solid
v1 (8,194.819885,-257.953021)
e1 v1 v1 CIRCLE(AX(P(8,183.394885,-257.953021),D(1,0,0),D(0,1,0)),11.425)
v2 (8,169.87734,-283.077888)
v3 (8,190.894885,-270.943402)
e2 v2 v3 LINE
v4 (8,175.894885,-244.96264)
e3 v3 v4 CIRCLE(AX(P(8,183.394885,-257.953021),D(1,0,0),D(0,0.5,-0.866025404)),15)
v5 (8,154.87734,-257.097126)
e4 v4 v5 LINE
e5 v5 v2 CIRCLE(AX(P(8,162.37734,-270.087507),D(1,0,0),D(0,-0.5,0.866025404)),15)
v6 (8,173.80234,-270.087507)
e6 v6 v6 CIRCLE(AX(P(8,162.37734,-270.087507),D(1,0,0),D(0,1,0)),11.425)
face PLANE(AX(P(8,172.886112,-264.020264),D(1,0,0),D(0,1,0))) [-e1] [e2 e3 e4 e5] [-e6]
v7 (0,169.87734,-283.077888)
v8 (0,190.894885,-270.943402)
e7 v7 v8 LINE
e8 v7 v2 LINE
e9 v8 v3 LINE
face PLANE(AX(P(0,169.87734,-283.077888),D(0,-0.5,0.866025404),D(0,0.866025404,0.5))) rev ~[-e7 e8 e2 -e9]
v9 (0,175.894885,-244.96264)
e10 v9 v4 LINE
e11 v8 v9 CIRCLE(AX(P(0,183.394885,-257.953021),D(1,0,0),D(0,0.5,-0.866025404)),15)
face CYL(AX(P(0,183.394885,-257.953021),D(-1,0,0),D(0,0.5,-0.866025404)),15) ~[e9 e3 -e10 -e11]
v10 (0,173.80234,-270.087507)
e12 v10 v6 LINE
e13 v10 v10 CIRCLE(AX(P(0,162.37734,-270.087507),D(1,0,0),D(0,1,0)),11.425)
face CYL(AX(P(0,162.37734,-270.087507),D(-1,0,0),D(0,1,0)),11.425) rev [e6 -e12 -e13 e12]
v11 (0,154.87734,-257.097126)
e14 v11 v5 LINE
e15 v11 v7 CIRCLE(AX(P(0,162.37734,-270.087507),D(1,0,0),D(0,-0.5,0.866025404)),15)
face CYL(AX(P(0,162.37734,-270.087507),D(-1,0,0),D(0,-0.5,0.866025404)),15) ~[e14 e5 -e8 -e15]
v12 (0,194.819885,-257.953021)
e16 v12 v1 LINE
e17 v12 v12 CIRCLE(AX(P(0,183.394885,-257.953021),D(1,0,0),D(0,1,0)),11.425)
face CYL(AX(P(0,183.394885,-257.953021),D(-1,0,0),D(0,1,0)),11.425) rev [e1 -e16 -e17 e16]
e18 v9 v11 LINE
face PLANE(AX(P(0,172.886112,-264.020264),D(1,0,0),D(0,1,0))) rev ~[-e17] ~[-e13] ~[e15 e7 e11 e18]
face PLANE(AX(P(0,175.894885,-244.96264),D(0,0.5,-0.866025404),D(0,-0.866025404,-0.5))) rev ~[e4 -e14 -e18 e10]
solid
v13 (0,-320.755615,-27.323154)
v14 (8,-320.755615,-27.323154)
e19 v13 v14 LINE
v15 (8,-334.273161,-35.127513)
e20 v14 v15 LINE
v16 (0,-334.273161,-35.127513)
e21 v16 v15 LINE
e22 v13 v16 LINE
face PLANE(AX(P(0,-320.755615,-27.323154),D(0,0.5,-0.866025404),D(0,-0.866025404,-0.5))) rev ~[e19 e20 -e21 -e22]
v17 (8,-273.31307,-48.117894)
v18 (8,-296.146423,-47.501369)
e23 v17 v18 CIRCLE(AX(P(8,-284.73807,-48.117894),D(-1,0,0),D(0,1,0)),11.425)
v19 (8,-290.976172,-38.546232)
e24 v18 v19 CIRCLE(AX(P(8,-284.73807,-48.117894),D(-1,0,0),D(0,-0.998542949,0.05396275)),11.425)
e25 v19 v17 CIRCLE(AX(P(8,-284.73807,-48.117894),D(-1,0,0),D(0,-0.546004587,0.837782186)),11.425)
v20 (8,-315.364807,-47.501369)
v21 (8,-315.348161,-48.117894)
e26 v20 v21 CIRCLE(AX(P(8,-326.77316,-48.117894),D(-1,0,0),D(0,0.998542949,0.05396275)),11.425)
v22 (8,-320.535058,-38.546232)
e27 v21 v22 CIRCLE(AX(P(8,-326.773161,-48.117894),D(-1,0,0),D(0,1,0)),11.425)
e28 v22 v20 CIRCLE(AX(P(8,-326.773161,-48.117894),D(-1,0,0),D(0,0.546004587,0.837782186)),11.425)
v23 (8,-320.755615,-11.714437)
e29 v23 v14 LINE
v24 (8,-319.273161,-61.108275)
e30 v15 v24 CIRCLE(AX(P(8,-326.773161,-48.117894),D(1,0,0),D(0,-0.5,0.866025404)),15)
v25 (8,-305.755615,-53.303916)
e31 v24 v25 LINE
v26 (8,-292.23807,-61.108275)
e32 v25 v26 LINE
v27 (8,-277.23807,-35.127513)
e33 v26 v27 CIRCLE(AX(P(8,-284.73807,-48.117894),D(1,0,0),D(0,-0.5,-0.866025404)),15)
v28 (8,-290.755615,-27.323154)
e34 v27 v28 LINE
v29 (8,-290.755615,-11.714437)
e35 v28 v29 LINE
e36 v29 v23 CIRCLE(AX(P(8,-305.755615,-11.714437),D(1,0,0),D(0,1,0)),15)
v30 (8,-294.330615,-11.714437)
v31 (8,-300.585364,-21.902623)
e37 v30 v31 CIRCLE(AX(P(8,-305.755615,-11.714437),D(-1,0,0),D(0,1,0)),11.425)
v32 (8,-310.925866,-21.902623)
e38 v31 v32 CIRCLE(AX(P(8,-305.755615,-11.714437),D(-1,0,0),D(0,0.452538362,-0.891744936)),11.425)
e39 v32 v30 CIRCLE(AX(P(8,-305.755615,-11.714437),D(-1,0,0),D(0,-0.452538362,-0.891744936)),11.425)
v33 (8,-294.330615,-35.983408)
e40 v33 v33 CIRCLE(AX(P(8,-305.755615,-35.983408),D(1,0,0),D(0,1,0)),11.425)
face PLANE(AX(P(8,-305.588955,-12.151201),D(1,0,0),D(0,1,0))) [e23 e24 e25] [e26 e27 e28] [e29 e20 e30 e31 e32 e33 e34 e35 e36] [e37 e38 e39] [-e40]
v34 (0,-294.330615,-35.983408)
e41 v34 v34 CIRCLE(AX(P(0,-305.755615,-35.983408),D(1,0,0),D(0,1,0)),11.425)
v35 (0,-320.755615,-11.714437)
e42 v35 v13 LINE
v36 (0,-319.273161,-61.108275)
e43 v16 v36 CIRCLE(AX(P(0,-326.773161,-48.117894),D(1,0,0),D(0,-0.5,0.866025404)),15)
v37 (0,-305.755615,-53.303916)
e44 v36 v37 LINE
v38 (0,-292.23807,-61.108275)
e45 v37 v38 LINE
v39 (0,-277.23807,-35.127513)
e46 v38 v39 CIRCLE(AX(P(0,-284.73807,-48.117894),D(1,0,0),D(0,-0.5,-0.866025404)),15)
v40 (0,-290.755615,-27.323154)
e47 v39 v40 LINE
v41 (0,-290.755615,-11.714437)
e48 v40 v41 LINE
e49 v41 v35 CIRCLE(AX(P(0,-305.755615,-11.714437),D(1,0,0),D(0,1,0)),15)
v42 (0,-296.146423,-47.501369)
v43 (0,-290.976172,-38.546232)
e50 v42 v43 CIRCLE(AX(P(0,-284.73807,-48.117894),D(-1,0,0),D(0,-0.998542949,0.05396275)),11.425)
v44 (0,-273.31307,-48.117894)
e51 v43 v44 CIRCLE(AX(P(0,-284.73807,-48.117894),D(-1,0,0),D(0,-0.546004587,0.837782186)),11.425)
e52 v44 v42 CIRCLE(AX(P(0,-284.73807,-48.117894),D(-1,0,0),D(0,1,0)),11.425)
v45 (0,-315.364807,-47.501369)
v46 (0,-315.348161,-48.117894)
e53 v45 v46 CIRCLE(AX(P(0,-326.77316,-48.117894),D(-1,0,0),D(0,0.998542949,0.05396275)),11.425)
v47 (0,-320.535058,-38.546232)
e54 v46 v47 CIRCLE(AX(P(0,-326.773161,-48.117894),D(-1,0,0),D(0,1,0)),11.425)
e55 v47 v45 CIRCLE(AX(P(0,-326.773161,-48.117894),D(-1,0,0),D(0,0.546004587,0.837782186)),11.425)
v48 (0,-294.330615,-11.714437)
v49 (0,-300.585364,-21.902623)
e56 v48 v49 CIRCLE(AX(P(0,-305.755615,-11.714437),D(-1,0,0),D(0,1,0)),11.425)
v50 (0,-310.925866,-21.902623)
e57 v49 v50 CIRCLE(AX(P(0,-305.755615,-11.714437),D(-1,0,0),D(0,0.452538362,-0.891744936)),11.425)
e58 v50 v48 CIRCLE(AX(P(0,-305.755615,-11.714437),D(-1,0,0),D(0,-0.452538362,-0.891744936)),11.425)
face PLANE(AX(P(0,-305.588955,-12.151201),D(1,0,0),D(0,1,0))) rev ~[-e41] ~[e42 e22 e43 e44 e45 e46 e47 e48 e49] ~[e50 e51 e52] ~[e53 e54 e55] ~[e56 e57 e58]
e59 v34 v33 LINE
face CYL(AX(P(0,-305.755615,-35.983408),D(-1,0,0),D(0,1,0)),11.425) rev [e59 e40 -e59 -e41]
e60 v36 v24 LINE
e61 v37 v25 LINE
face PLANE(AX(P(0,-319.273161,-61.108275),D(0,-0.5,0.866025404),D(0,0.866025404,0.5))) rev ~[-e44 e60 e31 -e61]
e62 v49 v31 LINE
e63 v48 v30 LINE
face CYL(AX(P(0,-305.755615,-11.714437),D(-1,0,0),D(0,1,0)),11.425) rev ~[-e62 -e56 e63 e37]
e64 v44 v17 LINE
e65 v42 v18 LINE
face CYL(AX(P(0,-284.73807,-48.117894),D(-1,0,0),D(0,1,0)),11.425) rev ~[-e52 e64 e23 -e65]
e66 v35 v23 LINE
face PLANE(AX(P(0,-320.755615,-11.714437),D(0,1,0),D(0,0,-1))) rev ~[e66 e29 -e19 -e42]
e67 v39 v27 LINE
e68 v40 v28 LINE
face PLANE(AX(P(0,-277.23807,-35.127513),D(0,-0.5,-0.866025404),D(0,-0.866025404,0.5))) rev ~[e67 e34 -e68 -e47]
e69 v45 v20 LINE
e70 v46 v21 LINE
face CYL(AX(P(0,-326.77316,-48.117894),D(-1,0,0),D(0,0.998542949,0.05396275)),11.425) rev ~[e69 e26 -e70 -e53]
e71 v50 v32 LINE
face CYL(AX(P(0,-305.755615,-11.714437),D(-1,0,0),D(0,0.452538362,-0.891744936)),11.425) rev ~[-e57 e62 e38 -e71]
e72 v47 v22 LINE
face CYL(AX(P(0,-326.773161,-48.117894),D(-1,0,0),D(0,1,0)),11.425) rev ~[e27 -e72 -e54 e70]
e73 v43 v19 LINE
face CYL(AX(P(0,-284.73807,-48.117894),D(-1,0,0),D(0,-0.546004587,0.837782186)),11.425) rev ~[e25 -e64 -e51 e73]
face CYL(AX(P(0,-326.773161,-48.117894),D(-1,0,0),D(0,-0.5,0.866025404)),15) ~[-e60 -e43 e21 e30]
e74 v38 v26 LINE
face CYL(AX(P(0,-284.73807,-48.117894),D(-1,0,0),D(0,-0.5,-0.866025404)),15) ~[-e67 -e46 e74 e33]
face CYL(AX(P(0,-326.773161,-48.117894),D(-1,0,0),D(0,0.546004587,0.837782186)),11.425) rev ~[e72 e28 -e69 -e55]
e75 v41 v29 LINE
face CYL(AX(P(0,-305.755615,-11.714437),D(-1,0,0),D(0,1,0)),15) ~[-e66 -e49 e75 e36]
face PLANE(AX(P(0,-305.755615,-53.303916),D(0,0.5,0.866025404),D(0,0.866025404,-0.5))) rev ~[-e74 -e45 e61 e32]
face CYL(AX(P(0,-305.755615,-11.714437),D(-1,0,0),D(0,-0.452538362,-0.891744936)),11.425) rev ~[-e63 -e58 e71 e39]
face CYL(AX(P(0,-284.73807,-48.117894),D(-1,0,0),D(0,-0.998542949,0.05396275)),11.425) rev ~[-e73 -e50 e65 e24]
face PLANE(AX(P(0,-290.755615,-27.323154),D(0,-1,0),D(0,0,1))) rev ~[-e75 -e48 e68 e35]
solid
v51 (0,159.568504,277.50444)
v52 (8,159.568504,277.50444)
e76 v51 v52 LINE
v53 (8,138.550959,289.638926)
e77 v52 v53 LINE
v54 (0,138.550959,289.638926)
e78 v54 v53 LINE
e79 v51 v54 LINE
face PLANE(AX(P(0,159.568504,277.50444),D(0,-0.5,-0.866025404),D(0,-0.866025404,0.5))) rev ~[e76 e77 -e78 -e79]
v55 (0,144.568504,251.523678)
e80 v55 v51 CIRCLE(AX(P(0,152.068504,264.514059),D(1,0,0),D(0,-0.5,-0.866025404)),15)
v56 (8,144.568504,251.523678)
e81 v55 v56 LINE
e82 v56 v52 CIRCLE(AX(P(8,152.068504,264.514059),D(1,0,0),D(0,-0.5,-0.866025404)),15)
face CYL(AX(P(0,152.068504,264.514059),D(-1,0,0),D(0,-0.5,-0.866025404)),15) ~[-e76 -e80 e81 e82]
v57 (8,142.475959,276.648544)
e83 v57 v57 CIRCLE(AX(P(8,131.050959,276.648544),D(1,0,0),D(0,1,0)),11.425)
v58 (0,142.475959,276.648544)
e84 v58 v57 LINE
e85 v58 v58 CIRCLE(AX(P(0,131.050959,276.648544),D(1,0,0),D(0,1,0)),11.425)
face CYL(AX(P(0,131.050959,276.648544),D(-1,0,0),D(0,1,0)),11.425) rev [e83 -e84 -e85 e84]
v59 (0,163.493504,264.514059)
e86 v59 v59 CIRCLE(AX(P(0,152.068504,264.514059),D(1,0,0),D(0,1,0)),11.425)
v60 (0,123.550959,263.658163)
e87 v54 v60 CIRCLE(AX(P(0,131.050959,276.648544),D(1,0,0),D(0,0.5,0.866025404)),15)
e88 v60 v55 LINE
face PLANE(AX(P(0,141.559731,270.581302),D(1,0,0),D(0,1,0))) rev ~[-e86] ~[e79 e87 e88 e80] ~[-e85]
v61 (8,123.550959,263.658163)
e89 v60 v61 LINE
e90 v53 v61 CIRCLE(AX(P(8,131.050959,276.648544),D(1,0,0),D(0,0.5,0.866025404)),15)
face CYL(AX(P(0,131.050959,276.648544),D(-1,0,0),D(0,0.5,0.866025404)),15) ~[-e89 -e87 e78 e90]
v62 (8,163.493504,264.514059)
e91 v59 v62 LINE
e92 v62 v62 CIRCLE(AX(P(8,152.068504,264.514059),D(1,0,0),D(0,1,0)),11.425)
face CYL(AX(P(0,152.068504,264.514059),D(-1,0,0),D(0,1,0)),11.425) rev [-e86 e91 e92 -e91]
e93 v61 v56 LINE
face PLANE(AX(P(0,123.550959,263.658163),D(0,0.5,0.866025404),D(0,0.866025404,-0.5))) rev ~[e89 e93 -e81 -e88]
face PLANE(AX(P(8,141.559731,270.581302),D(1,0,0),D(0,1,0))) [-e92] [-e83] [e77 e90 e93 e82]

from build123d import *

# Parameters (mm, degrees)
F0_R     = 11.425
F1_DEPTH = 8


with BuildPart() as f1:
    # F0 (on Right) → F1 (new body)
    with BuildSketch(Plane.YZ):
        with BuildLine():
            ThreePointArc((-310.9258660243, -21.9026233512), (-311.7330942065, -1.9778892959), (-294.3306152344, -11.7144374592))
            ThreePointArc((-294.3306152344, -11.7144374592), (-296.019067071, -17.6919164314), (-300.5853644445, -21.9026233512))
            ThreePointArc((-300.5853644445, -21.9026233512), (-299.3970730296, -22.3977931463), (-298.2556152344, -22.9930273141))
            Line((-298.2556152344, -22.9930273141), (-290.7556152344, -27.323154333))
            Line((-290.7556152344, -27.323154333), (-290.7556152344, -11.7144374592))
            ThreePointArc((-290.7556152344, -11.7144374592), (-305.7556152344, 3.2855625408), (-320.7556152344, -11.7144374592))
            Line((-320.7556152344, -11.7144374592), (-320.7556152344, -27.323154333))
            Line((-320.7556152344, -27.323154333), (-313.2556152344, -22.9930273141))
            ThreePointArc((-313.2556152344, -22.9930273141), (-312.1141574392, -22.3977931463), (-310.9258660243, -21.9026233512))
        make_face()
        with BuildLine():
            ThreePointArc((-320.7556152344, -35.9834083708), (-318.7459962911, -28.4834083708), (-313.2556152344, -22.9930273141))
            Line((-313.2556152344, -22.9930273141), (-320.7556152344, -27.323154333))
            Line((-320.7556152344, -27.323154333), (-320.7556152344, -35.9834083708))
        make_face()
        with BuildLine():
            Line((-290.7556152344, -27.323154333), (-298.2556152344, -22.9930273141))
            ThreePointArc((-298.2556152344, -22.9930273141), (-292.7652341776, -28.4834083708), (-290.7556152344, -35.9834083708))
            Line((-290.7556152344, -35.9834083708), (-290.7556152344, -27.323154333))
        make_face()
        with BuildLine():
            Line((-320.7556152344, -35.9834083708), (-320.7556152344, -27.323154333))
            Line((-320.7556152344, -27.323154333), (-334.2731605676, -35.1275127699))
            ThreePointArc((-334.2731605676, -35.1275127699), (-339.7635416243, -55.6178938267), (-319.2731605676, -61.1082748834))
            Line((-319.2731605676, -61.1082748834), (-305.7556152344, -53.3039164465))
            Line((-305.7556152344, -53.3039164465), (-313.2556152344, -48.9737894276))
            ThreePointArc((-313.2556152344, -48.9737894276), (-314.3418320425, -48.2828750635), (-315.3648073717, -47.5013694086))
            ThreePointArc((-315.3648073717, -47.5013694086), (-315.3523230268, -47.8095192678), (-315.3481605676, -48.1178938267))
            ThreePointArc((-315.3481605676, -48.1178938267), (-336.8180832897, -53.5612523952), (-320.5350581616, -38.5462323527))
            ThreePointArc((-320.5350581616, -38.5462323527), (-320.7003742473, -37.2695569027), (-320.7556152344, -35.9834083708))
        make_face()
        with BuildLine():
            Line((-290.7556152344, -27.323154333), (-290.7556152344, -35.9834083708))
            ThreePointArc((-290.7556152344, -35.9834083708), (-290.8108562215, -37.2695569027), (-290.9761723072, -38.5462323527))
            ThreePointArc((-290.9761723072, -38.5462323527), (-279.2947113326, -38.0729711045), (-273.3130699012, -48.1178938267))
            ThreePointArc((-273.3130699012, -48.1178938267), (-285.04644446, -59.5387313674), (-296.1464230971, -47.5013694086))
            ThreePointArc((-296.1464230971, -47.5013694086), (-297.1693984263, -48.2828750635), (-298.2556152344, -48.9737894276))
            Line((-298.2556152344, -48.9737894276), (-305.7556152344, -53.3039164465))
            Line((-305.7556152344, -53.3039164465), (-292.2380699012, -61.1082748834))
            ThreePointArc((-292.2380699012, -61.1082748834), (-271.7476888444, -55.6178938267), (-277.2380699012, -35.1275127699))
            Line((-277.2380699012, -35.1275127699), (-290.7556152344, -27.323154333))
        make_face()
        with BuildLine():
            Line((-313.2556152344, -48.9737894276), (-305.7556152344, -53.3039164465))
            Line((-305.7556152344, -53.3039164465), (-298.2556152344, -48.9737894276))
            ThreePointArc((-298.2556152344, -48.9737894276), (-305.7556152344, -50.9834083708), (-313.2556152344, -48.9737894276))
        make_face()
        with BuildLine():
            ThreePointArc((-300.5853644445, -21.9026233512), (-305.7556152344, -23.1394374592), (-310.9258660243, -21.9026233512))
            ThreePointArc((-310.9258660243, -21.9026233512), (-312.1141574392, -22.3977931463), (-313.2556152344, -22.9930273141))
            ThreePointArc((-313.2556152344, -22.9930273141), (-318.7459962911, -28.4834083708), (-320.7556152344, -35.9834083708))
            ThreePointArc((-320.7556152344, -35.9834083708), (-320.7003742473, -37.2695569027), (-320.5350581616, -38.5462323527))
            ThreePointArc((-320.5350581616, -38.5462323527), (-316.8788203293, -42.4053938267), (-315.3648073717, -47.5013694086))
            ThreePointArc((-315.3648073717, -47.5013694086), (-314.3418320425, -48.2828750635), (-313.2556152344, -48.9737894276))
            ThreePointArc((-313.2556152344, -48.9737894276), (-305.7556152344, -50.9834083708), (-298.2556152344, -48.9737894276))
            ThreePointArc((-298.2556152344, -48.9737894276), (-297.1693984263, -48.2828750635), (-296.1464230971, -47.5013694086))
            ThreePointArc((-296.1464230971, -47.5013694086), (-294.6324101394, -42.4053938267), (-290.9761723072, -38.5462323527))
            ThreePointArc((-290.9761723072, -38.5462323527), (-290.8108562215, -37.2695569027), (-290.7556152344, -35.9834083708))
            ThreePointArc((-290.7556152344, -35.9834083708), (-292.7652341776, -28.4834083708), (-298.2556152344, -22.9930273141))
            ThreePointArc((-298.2556152344, -22.9930273141), (-299.3970730296, -22.3977931463), (-300.5853644445, -21.9026233512))
        make_face()
        with Locations((-305.7556152344, -35.9834083708)):
            Circle(F0_R, mode=Mode.SUBTRACT)
    extrude(amount=F1_DEPTH)


with BuildPart() as f1b:
    # F0 (on Right) → F1, piece 2 (new body)
    with BuildSketch(Plane.YZ):
        with BuildLine():
            ThreePointArc((154.8773395229, -257.0971257854), (149.3869584661, -277.5875068422), (169.8773395229, -283.077887899))
            Line((169.8773395229, -283.077887899), (190.8948848561, -270.9434024432))
            ThreePointArc((190.8948848561, -270.9434024432), (196.3852659129, -250.4530213864), (175.8948848561, -244.9626403296))
            Line((175.8948848561, -244.9626403296), (154.8773395229, -257.0971257854))
        make_face()
        with Locations((162.3773395229, -270.0875068422)):
            Circle(F0_R, mode=Mode.SUBTRACT)
        with Locations((183.3948848561, -257.9530213864)):
            Circle(F0_R, mode=Mode.SUBTRACT)
    extrude(amount=F1_DEPTH)


with BuildPart() as f1c:
    # F0 (on Right) → F1, piece 3 (new body)
    with BuildSketch(Plane.YZ):
        with BuildLine():
            ThreePointArc((144.5685038837, 251.523677961), (165.0588849405, 257.0140590178), (159.5685038837, 277.5044400745))
            Line((159.5685038837, 277.5044400745), (138.5509585505, 289.6389255303))
            ThreePointArc((138.5509585505, 289.6389255303), (118.0605774938, 284.1485444736), (123.5509585505, 263.6581634168))
            Line((123.5509585505, 263.6581634168), (144.5685038837, 251.523677961))
        make_face()
        with Locations((152.0685038837, 264.5140590178)):
            Circle(F0_R, mode=Mode.SUBTRACT)
        with Locations((131.0509585505, 276.6485444736)):
            Circle(F0_R, mode=Mode.SUBTRACT)
    extrude(amount=F1_DEPTH)


solid = Compound([f1.part, f1b.part, f1c.part])
